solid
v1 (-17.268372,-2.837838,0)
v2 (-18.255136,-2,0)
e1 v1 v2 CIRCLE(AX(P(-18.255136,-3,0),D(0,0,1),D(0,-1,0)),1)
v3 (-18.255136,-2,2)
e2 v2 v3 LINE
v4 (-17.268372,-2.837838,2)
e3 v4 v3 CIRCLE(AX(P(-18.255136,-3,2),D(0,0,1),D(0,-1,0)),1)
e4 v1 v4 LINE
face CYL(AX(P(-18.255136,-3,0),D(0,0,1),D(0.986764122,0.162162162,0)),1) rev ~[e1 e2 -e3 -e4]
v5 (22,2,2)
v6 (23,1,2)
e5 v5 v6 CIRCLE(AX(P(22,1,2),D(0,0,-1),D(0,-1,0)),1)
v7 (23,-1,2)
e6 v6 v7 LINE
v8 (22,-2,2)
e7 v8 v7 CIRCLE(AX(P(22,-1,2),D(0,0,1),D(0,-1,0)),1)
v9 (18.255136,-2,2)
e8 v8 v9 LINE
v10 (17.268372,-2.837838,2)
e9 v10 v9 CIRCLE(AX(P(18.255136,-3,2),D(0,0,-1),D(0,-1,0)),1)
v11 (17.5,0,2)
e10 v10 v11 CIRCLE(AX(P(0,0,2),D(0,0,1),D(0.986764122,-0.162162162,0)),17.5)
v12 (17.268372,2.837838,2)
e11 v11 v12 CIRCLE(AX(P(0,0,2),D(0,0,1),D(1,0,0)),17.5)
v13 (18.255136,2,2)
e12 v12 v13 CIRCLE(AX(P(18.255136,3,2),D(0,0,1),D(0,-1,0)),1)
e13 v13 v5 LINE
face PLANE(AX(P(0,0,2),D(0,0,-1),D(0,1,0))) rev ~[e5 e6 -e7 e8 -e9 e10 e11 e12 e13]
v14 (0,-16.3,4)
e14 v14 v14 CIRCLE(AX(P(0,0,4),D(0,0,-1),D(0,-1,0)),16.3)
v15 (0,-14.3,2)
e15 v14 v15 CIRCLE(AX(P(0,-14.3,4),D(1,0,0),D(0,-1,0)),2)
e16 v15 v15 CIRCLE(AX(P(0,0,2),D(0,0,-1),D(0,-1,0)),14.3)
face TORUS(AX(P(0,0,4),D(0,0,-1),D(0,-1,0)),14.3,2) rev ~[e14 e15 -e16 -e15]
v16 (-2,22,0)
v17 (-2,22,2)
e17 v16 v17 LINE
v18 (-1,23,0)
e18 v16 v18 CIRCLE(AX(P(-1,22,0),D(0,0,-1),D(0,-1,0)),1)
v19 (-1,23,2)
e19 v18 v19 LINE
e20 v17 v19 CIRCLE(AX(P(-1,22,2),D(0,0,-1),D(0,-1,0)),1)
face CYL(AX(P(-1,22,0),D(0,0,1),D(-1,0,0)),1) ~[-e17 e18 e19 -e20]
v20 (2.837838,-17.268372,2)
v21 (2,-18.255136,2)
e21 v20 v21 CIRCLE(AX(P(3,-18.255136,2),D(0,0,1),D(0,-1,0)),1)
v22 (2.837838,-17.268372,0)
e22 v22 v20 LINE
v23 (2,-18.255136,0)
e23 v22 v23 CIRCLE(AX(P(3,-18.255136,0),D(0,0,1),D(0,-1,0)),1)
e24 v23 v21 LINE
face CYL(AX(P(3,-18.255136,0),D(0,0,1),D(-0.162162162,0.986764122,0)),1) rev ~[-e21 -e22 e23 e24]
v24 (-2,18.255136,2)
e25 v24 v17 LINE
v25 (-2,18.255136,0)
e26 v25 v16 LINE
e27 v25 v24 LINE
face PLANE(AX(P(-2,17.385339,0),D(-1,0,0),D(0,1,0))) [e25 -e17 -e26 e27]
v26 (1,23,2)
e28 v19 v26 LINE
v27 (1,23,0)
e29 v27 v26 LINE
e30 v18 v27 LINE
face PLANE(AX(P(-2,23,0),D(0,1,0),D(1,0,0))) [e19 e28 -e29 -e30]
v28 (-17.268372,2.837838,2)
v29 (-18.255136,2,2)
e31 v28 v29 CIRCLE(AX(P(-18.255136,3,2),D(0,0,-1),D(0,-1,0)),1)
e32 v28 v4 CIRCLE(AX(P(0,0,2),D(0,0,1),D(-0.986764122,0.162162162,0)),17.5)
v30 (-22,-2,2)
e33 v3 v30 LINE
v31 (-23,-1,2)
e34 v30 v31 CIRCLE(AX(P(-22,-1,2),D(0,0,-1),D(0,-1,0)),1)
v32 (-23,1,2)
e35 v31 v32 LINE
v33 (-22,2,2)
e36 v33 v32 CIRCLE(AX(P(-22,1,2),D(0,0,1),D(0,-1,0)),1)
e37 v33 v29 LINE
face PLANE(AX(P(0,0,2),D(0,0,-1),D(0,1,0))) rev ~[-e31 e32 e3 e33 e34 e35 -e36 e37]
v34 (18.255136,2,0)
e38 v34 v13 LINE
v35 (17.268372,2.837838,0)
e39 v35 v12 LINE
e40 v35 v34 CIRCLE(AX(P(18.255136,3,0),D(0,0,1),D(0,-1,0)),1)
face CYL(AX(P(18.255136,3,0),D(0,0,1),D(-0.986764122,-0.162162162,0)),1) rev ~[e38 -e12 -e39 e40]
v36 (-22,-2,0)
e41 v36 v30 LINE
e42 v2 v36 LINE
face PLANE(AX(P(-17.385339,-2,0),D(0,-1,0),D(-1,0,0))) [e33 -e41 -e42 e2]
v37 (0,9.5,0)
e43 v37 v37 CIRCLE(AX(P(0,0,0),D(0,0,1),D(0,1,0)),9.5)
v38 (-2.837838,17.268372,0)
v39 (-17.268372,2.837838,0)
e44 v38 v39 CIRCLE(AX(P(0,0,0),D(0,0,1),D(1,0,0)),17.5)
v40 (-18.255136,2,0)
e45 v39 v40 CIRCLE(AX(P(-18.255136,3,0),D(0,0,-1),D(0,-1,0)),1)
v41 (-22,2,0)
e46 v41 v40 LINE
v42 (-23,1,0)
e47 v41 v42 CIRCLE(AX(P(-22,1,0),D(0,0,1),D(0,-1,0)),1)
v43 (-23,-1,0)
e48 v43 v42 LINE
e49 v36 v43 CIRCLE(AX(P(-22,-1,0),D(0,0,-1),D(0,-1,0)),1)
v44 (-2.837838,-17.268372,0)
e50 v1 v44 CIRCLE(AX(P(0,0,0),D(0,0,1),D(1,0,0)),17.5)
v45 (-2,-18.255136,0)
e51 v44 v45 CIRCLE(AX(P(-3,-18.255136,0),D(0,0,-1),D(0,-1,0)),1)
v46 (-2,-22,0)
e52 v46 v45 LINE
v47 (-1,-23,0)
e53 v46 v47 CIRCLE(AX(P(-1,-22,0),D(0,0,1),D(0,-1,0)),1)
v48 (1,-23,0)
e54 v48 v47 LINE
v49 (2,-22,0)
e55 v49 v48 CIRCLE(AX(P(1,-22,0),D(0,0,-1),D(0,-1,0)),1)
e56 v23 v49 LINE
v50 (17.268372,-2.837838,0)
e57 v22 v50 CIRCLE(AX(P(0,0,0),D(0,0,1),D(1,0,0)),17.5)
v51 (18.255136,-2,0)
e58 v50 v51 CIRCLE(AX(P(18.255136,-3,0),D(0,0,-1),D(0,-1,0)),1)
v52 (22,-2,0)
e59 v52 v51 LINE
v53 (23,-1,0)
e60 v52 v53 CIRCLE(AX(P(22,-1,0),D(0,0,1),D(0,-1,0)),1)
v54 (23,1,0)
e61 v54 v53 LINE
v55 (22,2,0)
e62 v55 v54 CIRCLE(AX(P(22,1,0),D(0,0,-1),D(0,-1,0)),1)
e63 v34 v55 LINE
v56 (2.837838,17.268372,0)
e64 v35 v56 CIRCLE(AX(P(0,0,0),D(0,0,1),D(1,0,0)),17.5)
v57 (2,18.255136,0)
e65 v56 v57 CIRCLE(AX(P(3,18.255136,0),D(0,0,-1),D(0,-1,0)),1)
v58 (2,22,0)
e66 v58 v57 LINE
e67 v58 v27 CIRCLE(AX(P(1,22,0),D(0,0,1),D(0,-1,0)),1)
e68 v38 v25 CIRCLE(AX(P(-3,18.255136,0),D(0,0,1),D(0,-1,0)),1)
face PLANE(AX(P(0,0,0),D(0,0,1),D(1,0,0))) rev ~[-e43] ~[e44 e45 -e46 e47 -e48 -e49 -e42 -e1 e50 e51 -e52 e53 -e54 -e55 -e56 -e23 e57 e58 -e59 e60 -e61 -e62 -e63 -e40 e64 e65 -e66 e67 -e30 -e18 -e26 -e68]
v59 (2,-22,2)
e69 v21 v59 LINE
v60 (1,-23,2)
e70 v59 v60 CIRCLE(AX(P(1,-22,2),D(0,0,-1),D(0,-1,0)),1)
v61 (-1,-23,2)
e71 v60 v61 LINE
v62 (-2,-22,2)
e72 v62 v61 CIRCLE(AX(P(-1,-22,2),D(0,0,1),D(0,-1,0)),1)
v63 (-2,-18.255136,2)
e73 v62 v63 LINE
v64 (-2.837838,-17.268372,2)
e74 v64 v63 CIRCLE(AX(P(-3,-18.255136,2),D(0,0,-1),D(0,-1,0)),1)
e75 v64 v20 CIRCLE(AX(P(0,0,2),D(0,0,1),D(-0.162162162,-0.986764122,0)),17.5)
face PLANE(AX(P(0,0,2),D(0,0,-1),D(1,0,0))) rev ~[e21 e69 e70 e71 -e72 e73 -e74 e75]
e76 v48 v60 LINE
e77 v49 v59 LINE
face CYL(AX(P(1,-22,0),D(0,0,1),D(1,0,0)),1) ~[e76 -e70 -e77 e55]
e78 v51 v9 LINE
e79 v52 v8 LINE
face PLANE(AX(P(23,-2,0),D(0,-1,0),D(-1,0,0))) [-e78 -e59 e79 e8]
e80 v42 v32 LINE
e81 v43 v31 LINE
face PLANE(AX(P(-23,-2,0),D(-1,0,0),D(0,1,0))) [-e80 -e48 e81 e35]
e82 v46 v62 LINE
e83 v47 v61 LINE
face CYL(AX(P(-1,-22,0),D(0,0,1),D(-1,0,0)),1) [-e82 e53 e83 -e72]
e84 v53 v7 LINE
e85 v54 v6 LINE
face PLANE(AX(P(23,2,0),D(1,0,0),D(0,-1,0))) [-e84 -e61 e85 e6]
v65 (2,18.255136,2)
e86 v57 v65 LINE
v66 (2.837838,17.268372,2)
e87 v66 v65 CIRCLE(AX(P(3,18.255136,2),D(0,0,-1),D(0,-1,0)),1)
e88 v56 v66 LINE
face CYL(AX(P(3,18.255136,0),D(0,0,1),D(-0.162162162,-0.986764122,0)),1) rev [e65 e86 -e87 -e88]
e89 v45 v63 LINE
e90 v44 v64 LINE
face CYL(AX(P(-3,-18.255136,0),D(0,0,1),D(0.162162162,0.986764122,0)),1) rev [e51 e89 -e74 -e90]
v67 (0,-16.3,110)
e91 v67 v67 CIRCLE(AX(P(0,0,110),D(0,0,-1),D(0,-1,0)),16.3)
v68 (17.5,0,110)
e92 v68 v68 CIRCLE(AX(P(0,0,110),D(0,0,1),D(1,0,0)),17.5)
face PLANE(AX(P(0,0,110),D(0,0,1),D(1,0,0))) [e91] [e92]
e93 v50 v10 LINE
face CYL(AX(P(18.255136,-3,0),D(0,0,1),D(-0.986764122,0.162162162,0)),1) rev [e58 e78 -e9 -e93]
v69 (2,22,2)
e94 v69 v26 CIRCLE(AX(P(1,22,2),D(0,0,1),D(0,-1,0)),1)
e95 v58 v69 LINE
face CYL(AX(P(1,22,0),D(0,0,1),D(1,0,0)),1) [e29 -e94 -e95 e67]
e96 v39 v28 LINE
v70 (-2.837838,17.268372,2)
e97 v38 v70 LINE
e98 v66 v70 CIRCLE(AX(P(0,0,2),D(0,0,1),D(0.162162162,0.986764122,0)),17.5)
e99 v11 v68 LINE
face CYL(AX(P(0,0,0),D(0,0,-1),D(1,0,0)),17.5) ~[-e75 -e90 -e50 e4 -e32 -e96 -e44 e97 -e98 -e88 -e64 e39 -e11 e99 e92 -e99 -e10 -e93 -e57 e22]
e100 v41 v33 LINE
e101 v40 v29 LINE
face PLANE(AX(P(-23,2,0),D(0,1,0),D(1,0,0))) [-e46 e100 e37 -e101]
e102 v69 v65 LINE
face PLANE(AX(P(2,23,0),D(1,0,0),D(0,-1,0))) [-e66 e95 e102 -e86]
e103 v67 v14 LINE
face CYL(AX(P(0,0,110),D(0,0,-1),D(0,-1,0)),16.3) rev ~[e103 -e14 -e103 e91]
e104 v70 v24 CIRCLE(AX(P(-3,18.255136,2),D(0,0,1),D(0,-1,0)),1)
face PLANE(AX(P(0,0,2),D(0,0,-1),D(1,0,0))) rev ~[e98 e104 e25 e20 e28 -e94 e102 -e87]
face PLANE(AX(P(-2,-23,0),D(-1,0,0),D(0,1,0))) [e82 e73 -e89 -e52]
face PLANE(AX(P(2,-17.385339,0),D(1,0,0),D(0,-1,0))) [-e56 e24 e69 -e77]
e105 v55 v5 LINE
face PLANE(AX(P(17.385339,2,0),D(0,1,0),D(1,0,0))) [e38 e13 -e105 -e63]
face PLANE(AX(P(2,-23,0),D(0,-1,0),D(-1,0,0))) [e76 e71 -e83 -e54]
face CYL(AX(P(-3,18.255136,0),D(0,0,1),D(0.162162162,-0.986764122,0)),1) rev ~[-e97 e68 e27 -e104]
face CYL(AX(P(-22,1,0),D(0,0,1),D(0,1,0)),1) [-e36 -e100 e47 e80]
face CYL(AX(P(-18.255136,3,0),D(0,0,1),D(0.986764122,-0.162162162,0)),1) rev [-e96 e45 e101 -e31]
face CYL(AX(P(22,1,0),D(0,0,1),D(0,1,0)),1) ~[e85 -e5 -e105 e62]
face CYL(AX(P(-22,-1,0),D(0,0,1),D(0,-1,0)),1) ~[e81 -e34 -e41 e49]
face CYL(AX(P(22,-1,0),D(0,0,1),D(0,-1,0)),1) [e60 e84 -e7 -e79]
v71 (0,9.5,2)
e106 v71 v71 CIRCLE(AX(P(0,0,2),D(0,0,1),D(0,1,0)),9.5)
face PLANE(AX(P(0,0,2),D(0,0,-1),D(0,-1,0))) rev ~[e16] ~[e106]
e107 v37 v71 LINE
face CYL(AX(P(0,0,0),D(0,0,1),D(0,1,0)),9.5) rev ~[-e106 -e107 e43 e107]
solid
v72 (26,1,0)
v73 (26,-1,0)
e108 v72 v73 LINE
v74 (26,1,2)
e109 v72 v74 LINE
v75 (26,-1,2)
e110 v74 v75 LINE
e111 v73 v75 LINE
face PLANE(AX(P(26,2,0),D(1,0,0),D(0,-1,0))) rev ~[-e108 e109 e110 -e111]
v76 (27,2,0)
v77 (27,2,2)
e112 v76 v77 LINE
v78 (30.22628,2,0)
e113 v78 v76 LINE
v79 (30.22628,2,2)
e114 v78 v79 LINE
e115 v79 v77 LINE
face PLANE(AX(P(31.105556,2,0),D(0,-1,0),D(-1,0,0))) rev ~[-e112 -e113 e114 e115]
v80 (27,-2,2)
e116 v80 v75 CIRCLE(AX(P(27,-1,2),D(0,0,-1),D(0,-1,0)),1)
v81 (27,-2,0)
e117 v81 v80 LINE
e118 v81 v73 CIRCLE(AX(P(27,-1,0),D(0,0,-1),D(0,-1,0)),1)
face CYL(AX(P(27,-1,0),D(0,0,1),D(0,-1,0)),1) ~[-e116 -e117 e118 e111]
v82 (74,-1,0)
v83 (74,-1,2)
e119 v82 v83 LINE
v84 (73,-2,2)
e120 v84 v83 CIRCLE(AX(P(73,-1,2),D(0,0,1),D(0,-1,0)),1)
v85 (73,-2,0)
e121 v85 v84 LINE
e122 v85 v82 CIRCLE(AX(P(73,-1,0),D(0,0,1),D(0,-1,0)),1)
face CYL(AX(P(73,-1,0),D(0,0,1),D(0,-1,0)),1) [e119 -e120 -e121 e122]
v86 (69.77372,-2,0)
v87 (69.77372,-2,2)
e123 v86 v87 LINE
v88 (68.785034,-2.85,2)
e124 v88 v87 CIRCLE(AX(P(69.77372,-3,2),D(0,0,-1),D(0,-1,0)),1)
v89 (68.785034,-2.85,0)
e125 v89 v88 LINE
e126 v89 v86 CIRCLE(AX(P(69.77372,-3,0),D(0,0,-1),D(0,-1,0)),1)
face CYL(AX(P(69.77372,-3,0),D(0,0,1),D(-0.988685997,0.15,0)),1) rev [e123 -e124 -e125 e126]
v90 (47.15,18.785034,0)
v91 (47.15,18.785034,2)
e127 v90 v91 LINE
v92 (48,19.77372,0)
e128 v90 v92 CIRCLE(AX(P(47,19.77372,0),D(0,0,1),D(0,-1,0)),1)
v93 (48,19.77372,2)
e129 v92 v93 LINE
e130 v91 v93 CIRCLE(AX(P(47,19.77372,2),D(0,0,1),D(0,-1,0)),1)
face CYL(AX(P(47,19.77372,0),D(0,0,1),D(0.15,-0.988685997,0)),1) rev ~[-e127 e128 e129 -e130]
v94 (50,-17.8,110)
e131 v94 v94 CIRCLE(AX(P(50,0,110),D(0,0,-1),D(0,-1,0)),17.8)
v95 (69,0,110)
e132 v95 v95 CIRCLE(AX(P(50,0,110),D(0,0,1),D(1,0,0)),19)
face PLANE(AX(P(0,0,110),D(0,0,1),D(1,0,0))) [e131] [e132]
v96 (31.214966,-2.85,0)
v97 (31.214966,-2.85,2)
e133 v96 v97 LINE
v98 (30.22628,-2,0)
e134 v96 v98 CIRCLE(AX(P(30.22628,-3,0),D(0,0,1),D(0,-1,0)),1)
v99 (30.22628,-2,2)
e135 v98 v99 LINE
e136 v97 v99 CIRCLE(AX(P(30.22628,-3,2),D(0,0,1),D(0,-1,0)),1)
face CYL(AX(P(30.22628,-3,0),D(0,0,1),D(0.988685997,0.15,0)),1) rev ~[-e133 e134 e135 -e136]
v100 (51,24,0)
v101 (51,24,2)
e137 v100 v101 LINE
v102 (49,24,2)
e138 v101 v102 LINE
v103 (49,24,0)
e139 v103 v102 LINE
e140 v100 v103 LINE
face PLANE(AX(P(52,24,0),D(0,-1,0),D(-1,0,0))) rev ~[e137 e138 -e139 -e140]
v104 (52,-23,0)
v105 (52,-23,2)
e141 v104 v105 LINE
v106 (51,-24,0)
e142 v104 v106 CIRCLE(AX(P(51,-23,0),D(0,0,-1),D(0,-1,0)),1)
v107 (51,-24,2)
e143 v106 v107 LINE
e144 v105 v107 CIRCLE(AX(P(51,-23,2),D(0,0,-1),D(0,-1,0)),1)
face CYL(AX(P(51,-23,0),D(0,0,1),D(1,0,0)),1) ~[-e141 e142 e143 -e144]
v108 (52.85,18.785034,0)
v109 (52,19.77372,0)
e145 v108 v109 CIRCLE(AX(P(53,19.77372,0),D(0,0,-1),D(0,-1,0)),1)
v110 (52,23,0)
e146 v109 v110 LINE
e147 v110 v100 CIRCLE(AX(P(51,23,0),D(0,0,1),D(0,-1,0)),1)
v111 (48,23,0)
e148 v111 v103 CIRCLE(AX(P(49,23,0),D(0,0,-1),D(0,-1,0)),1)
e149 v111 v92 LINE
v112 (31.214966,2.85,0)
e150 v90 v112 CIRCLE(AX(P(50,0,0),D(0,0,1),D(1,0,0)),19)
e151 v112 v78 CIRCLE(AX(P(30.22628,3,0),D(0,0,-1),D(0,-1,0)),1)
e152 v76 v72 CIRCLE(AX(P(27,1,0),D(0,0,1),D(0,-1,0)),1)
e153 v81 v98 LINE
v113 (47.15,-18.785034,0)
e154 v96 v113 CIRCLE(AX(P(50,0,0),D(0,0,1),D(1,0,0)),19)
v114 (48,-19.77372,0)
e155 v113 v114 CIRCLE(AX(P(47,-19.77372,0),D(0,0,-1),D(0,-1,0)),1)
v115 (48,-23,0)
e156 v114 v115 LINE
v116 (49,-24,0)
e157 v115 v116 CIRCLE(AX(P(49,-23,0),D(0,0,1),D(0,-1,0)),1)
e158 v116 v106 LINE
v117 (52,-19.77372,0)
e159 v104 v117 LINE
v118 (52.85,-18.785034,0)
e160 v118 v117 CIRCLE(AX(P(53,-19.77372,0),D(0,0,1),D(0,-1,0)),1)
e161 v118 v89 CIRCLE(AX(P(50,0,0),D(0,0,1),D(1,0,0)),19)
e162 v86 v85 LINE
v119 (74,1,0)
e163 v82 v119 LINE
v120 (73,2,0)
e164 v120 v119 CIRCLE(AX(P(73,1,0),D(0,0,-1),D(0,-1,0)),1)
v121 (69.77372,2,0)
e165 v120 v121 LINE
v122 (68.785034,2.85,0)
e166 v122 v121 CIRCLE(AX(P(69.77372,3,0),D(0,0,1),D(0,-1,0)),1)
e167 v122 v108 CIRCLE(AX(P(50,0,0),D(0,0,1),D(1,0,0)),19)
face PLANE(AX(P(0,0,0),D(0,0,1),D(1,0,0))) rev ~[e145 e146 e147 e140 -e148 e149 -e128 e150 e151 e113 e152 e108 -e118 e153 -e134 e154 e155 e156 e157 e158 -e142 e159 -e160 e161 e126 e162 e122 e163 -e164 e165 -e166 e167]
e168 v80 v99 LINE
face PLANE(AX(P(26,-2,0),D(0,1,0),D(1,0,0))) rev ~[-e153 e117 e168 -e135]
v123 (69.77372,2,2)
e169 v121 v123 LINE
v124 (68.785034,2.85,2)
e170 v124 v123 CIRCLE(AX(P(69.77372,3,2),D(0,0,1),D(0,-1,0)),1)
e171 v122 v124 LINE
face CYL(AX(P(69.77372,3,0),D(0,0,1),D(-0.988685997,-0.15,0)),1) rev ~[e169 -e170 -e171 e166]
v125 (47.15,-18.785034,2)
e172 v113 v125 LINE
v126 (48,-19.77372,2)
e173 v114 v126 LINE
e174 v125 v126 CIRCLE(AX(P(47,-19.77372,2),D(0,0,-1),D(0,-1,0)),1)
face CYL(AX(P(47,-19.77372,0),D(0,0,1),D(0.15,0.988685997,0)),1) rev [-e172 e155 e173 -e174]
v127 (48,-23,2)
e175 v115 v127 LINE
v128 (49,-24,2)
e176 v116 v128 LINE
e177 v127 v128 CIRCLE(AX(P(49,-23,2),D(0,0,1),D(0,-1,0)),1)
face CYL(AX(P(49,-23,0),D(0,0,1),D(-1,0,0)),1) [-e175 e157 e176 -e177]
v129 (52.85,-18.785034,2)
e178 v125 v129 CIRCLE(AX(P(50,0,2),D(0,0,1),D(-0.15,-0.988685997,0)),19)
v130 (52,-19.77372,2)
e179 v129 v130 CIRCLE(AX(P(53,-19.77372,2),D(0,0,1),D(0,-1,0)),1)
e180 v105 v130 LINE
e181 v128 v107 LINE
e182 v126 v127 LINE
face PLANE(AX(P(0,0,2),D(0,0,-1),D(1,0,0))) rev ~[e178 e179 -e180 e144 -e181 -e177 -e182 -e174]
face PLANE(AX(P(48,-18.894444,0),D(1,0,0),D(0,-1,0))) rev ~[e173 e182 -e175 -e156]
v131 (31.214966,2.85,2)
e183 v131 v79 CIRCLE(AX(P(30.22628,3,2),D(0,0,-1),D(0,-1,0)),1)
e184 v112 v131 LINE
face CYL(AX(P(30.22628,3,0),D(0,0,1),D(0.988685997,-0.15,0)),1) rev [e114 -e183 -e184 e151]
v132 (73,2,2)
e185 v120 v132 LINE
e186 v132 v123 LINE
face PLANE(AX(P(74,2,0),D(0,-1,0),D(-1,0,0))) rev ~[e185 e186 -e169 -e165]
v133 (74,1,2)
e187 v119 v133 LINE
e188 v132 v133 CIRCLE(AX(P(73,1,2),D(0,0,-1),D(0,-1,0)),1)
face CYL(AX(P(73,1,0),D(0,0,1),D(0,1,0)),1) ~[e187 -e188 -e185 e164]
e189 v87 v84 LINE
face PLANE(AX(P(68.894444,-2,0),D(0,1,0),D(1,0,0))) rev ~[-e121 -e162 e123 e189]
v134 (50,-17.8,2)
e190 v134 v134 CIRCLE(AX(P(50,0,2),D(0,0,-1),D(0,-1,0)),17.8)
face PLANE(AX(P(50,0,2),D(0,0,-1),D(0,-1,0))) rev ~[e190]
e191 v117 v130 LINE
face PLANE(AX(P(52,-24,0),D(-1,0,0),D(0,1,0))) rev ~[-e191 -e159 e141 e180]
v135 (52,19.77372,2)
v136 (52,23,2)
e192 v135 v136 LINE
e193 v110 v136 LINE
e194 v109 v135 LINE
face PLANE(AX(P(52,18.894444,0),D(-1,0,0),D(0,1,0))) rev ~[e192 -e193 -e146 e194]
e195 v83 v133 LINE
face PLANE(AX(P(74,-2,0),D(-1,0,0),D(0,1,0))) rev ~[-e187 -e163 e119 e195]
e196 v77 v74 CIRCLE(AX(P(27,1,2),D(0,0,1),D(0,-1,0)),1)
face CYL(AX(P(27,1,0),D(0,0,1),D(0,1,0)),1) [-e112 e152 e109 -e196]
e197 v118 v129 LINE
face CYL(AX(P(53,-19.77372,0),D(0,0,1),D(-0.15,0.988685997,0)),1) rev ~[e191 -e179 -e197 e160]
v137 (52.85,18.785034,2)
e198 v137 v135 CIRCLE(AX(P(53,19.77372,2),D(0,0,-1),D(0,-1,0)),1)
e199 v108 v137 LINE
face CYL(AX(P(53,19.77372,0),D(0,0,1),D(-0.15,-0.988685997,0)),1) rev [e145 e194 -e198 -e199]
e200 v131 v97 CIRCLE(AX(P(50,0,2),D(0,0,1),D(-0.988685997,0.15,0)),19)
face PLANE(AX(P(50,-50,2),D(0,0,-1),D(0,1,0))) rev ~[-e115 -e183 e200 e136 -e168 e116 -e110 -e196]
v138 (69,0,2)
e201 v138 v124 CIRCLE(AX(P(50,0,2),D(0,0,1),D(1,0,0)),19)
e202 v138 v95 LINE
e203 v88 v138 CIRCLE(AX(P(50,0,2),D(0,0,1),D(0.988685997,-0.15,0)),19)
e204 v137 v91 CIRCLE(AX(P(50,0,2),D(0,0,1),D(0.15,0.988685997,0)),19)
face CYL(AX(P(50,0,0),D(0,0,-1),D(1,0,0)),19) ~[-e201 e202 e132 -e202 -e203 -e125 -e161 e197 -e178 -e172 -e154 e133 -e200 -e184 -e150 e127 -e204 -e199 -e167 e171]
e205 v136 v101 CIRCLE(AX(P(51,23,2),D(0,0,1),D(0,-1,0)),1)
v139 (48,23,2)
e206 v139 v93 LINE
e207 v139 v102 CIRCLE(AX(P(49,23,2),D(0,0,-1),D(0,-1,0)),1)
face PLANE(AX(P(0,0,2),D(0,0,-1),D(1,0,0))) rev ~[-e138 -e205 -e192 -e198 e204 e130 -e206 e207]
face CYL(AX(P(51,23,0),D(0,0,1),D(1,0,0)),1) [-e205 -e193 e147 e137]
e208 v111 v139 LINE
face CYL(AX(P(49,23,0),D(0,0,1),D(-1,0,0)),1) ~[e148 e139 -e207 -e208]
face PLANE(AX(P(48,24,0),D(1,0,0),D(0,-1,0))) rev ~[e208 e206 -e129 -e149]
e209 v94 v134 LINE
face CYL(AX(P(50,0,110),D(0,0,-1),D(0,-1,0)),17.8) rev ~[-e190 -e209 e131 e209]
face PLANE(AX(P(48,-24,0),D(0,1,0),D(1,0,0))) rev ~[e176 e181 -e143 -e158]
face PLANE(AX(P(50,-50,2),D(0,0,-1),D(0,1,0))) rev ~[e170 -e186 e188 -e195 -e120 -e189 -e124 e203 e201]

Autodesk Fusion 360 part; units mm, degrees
sketch "Sketch1" plane through (0, 0, 0) normal (0, 0, 1) x (1, 0, 0)
  circle A0 centre (0, 0) radius 17.5
  dimension "d1" = 35
extrude "Extrude1" add sketch "Sketch1" along normal blind 110 makes body 1
hole "Hole1" at (0, 0, 110) direction (0, 0, -1) diameter 32.6 depth 108 tip angle 180 bodies 1
fillet "Fillet1" radius 2 1 edges at (-15.1969, 5.8943, 2) on bodies 1
sketch "Sketch2" plane through (0, 0, 0) normal (0, 0, 1) x (1, 0, 0)
  circle A0 centre (50, 0) radius 19
  dimension "d9" = 38
extrude "Extrude2" add sketch "Sketch2" along normal blind 110 separate body makes body 2
hole "Hole2" at (50, 0, 110) direction (0, 0, -1) diameter 35.6 depth 108 tip angle 180 bodies 2
hole "Hole3" at (0, 0, 0) direction (0, 0, 1) diameter 19 depth 2 tip angle 180 bodies 1
sketch "Sketch5" plane through (0, 0, 0) normal (0, 0, -1) x (1, 0, 0)
  circle A0 centre (50, 0) radius 19
  line L0 (48, 24) -> (52, 24)
  line L1 (52, 24) -> (52, -24)
  line L2 (52, -24) -> (48, -24)
  line L3 (48, -24) -> (48, 24)
  line L4 (48, 24) -> (52, -24) construction
  line L5 (52, 24) -> (48, -24) construction
  point P0 (50, 0)
  dimension "d33" = 4
  dimension "d34" = 48
extrude "Extrude5" add sketch "Sketch5" against normal blind 2 contours A0 L0 L1 L3 | A0 L1 L2 L3 bodies 2
fillet "Fillet5" radius 1 8 edges at (52, -24, 1) (52, -18.8944, 1) (48, -24, 1) (48, -18.8944, 1) (52, 18.8944, 1) (52, 24, 1) (48, 24, 1) (48, 18.8944, 1) on bodies 2
pattern_circular "C-Pattern3" count 2 over 90 about axis through (50, 0, 0) along (0, 0, 1) of "Extrude5", "Fillet5"
sketch "Sketch6" plane through (0, 0, 0) normal (0, 0, -1) x (1, 0, 0)
  circle A0 centre (0, 0) radius 9.5
  circle A1 centre (0, 0) radius 17.5
  line L0 (-2, -23) -> (2, -23)
  line L1 (2, -23) -> (2, 23)
  line L2 (2, 23) -> (-2, 23)
  line L3 (-2, 23) -> (-2, -23)
  line L4 (-2, -23) -> (2, 23) construction
  line L5 (2, -23) -> (-2, 23) construction
  dimension "d41" = 4
  dimension "d42" = 46
extrude "Extrude6" add sketch "Sketch6" against normal blind 2 contours A1 L1 L2 L3 | A1 L0 L1 L3 bodies 1
fillet "Fillet6" radius 1 8 edges at (-2, -17.3853, 1) (-2, -23, 1) (2, -23, 1) (2, -17.3853, 1) (-2, 17.3853, 1) (-2, 23, 1) (2, 23, 1) (2, 17.3853, 1) on bodies 1
pattern_circular "C-Pattern4" count 2 over 90 about axis through (0, 0, 0) along (0, 0, 1) of "Extrude6", "Fillet6"
